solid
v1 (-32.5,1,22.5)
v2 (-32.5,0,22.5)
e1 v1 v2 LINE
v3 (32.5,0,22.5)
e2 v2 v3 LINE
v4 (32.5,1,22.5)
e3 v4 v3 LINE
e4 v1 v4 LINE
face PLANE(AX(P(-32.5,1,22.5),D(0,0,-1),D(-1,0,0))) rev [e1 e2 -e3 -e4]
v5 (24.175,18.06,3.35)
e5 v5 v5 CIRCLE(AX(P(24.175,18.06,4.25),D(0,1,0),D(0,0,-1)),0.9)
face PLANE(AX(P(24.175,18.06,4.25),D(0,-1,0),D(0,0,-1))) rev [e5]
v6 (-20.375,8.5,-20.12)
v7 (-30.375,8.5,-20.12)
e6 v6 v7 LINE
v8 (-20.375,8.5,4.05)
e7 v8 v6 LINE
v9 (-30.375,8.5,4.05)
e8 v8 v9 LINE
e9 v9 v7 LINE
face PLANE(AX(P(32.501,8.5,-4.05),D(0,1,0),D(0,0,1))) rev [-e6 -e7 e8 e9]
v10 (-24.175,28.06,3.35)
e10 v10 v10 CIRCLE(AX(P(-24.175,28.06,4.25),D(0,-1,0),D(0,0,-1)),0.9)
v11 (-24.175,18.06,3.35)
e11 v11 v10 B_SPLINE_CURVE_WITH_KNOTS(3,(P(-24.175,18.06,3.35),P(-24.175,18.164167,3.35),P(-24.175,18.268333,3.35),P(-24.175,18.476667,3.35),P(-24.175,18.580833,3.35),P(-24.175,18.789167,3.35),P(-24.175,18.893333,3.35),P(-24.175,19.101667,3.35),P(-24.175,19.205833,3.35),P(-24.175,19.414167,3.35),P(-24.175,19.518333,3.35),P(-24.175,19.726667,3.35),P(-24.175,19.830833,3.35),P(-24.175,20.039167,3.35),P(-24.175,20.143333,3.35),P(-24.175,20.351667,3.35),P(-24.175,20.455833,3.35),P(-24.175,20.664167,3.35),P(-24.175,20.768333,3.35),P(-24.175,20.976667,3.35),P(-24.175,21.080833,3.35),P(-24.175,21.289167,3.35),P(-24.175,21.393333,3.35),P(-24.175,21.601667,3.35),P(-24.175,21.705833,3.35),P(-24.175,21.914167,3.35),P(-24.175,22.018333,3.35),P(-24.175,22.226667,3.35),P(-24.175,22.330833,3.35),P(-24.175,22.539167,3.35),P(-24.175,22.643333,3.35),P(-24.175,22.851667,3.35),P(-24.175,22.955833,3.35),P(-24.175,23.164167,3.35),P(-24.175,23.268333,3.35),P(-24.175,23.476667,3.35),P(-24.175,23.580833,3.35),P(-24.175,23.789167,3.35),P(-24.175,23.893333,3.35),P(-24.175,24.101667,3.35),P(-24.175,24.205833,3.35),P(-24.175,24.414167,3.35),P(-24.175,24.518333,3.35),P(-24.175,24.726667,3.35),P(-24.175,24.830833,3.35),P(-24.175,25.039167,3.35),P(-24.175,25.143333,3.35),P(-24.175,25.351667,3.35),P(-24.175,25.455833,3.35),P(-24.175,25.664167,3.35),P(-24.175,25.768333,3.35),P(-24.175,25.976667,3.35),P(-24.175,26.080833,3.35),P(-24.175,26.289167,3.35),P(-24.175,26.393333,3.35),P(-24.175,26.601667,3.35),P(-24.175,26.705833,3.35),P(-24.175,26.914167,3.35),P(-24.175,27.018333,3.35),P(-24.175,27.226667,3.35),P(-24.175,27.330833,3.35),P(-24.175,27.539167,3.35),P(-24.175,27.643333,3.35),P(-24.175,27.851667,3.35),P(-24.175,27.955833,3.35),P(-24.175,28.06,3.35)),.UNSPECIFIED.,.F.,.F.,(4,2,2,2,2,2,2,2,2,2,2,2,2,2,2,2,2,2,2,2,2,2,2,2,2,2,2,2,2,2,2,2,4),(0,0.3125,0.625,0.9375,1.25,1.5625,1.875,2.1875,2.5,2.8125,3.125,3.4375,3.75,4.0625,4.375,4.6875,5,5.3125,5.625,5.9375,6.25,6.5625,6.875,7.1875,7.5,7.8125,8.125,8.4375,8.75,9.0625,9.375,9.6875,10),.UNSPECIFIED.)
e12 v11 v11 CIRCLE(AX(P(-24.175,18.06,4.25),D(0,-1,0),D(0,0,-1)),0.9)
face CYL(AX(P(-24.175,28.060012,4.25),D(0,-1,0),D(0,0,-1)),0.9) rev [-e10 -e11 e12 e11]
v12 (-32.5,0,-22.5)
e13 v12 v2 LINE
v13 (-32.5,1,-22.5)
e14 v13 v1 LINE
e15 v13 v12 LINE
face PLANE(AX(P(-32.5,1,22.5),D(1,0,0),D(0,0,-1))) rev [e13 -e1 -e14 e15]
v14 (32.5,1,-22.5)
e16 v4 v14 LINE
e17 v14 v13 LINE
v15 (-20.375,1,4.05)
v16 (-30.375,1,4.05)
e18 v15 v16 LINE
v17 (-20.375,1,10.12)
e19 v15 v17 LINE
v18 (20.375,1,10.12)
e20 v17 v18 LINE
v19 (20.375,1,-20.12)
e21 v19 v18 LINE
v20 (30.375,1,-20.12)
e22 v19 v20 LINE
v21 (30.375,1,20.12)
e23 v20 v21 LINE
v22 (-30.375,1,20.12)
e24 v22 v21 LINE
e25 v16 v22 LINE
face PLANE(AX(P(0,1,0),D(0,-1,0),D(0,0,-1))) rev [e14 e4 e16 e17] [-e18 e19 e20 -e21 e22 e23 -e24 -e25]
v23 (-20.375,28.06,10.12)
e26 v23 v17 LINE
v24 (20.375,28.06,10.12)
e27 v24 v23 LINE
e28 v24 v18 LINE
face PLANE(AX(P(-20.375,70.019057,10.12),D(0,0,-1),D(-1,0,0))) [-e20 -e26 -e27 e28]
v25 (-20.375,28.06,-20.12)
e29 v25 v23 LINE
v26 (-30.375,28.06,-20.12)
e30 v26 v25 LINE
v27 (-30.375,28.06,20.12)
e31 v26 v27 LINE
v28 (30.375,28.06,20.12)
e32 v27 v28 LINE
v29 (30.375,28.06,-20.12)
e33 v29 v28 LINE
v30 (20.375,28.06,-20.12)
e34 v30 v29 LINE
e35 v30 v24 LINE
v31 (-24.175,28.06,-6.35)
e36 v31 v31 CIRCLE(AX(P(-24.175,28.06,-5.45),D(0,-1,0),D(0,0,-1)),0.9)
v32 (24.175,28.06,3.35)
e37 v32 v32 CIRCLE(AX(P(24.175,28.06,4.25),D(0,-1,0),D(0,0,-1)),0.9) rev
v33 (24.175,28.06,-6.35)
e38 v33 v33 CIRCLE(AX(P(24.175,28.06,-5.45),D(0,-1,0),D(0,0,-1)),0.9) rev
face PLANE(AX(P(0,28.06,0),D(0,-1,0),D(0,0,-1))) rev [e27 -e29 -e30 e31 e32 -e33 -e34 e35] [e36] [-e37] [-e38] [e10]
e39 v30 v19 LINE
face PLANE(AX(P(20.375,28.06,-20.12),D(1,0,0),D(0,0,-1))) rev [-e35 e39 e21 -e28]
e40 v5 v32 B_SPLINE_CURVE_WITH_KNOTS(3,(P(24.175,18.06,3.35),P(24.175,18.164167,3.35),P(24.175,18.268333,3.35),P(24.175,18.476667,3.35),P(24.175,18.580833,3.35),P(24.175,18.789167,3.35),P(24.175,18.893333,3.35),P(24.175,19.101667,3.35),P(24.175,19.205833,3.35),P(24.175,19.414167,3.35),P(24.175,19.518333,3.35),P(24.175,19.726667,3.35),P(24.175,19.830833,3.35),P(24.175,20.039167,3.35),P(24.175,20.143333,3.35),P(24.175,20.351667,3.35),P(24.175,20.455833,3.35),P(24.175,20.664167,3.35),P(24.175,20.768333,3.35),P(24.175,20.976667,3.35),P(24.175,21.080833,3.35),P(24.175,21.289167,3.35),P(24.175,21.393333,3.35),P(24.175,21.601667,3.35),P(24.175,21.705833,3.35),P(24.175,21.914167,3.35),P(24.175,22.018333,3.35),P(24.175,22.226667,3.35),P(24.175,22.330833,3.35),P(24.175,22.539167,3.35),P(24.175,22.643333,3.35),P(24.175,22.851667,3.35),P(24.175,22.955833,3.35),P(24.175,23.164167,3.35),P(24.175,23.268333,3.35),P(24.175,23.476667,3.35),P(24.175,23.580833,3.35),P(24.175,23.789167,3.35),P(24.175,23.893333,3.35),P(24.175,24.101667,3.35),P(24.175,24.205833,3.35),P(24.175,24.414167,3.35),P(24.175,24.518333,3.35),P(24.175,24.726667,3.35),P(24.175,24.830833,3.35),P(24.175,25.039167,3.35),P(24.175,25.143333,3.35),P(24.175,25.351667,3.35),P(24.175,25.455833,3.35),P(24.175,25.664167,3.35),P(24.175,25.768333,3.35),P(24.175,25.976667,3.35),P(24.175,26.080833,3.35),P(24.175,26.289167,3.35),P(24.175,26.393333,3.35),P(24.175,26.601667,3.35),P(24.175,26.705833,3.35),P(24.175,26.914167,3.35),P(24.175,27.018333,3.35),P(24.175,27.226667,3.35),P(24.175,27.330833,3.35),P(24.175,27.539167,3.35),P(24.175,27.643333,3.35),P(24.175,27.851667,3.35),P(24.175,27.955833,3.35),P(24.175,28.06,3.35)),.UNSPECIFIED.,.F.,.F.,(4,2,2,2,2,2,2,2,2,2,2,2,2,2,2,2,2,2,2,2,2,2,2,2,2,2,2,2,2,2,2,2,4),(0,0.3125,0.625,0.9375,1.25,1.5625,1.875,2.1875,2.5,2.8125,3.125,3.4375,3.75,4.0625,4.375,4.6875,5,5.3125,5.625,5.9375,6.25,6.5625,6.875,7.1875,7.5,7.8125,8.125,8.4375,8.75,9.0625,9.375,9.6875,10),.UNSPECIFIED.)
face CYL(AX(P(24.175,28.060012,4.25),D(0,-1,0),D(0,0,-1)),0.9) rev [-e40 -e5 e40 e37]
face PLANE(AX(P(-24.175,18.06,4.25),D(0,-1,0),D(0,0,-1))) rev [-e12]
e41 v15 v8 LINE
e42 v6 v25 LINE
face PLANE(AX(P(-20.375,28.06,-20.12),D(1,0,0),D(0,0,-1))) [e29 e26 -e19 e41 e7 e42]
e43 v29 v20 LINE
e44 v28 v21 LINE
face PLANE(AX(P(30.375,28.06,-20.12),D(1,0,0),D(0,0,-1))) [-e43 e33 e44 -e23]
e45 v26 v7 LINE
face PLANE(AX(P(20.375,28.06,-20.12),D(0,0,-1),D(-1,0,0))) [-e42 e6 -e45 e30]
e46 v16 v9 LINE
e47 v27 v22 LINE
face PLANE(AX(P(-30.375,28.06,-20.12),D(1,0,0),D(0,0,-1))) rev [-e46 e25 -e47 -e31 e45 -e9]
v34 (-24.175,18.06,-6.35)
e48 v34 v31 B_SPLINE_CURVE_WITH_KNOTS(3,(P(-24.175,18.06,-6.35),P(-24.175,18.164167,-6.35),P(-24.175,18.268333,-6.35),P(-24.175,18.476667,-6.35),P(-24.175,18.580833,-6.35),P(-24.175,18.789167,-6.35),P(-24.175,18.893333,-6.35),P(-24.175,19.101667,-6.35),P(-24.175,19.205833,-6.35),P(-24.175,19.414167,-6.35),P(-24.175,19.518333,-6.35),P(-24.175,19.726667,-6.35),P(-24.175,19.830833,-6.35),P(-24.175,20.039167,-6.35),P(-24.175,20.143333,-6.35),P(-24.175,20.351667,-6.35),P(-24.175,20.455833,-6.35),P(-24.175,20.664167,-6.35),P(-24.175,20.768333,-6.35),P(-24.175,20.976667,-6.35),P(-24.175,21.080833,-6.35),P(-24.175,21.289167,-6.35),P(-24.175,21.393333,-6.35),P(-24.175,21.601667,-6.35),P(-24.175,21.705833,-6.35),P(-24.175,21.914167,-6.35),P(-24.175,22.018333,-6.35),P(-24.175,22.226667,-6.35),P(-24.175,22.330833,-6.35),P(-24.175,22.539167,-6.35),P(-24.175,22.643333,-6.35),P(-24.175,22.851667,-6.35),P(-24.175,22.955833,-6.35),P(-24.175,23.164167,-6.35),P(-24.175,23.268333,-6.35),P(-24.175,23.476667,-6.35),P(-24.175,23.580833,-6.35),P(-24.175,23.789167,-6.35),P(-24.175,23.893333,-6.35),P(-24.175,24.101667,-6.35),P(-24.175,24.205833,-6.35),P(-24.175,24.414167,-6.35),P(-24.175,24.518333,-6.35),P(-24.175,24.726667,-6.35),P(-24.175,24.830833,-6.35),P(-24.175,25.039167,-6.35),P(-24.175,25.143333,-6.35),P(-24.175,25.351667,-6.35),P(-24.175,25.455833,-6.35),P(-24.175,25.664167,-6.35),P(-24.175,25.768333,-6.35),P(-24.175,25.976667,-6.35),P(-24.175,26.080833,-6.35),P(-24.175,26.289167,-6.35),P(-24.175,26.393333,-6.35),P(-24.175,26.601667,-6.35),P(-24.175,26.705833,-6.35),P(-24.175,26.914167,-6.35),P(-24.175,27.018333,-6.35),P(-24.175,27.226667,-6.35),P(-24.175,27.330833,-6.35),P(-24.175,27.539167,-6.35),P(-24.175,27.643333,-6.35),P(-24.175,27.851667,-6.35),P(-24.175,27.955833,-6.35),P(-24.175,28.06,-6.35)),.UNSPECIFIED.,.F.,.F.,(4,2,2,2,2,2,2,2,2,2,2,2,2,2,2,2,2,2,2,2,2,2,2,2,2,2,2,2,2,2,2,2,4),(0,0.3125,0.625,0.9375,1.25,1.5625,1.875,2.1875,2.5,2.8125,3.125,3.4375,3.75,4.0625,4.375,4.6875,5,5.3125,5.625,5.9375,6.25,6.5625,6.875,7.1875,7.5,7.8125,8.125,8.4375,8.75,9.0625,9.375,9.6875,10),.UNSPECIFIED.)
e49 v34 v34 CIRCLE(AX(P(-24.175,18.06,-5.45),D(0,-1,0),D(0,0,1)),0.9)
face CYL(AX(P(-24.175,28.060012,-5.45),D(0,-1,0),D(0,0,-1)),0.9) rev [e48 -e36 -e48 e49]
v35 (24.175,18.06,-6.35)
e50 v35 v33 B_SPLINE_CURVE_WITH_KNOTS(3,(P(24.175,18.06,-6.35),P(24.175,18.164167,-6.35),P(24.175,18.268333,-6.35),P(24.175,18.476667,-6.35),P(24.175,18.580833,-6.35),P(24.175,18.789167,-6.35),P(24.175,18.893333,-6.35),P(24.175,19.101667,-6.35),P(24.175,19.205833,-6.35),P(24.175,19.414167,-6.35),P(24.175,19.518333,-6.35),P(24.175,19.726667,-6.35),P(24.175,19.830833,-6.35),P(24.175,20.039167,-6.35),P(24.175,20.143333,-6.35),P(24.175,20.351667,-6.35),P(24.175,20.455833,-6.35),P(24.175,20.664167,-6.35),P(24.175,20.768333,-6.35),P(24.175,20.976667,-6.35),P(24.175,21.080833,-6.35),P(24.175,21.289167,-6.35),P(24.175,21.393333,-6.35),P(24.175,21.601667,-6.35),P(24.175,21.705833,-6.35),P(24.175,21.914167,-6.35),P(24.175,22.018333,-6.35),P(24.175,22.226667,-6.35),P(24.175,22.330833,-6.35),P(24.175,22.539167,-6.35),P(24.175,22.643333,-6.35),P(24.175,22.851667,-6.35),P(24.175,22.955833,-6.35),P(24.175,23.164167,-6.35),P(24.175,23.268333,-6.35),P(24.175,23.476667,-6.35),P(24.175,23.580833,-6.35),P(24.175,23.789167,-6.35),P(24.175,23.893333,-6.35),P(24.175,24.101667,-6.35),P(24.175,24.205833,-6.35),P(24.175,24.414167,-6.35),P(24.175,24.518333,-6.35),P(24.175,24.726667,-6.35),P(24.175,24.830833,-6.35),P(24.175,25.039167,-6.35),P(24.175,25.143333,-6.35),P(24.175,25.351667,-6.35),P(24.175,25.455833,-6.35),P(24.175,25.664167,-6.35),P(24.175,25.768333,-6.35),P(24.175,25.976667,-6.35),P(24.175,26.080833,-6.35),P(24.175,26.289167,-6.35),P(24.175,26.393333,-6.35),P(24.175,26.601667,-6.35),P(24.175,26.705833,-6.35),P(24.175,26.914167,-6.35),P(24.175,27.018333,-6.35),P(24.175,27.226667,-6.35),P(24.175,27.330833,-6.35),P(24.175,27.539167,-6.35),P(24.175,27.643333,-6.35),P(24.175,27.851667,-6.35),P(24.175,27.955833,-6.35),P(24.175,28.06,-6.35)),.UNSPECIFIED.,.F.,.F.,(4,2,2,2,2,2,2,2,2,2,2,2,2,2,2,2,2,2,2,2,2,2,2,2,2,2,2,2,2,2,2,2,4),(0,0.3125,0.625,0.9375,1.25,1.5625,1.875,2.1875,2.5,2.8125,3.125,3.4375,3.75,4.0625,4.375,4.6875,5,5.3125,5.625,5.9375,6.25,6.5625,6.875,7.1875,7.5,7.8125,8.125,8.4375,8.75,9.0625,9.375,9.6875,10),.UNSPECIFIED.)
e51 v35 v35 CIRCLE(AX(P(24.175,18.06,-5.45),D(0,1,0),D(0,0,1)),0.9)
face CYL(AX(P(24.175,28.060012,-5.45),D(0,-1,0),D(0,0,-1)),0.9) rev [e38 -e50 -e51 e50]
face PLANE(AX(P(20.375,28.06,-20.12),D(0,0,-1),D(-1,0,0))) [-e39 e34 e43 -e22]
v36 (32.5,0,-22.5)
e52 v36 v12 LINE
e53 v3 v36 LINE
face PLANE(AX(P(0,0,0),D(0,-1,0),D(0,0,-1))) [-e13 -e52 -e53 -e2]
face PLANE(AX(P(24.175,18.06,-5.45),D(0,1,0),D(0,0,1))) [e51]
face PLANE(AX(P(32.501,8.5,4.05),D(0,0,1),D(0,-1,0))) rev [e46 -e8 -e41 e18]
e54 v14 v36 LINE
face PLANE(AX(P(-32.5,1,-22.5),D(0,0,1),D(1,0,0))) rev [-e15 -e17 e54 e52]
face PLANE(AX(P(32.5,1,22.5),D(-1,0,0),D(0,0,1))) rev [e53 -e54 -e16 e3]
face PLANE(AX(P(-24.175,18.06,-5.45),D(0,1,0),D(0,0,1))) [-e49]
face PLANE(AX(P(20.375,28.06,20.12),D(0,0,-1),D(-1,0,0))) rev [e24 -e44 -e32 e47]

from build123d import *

# Parameters (mm, degrees)
SKETCH1_W           = 65
SKETCH1_H           = 45
BOSS_EXTRUDE1_DEPTH = 1
SKETCH2_W           = 10
SKETCH2_H           = 40.24
BOSS_EXTRUDE2_DEPTH = 27.06
CUT_EXTRUDE1_START  = -10
SKETCH3_R           = 0.9
CUT_EXTRUDE1_DEPTH  = 59.475391695
CUT_EXTRUDE2_REACH  = 74.435
SKETCH4_W           = 8.1
SKETCH4_H           = 7.5
SKETCH5_W           = 40.75
SKETCH5_H           = 10
BOSS_EXTRUDE3_DEPTH = 27.06
SKETCH6_W           = 16.07
SKETCH6_H           = 7.5
CUT_EXTRUDE3_DEPTH  = 50.75
SKETCH7_W           = 40.75
SKETCH7_H           = 10
CUT_EXTRUDE4_DEPTH  = 27.06


with BuildPart() as part:
    # Sketch1 → Boss-Extrude1 (new body)
    with BuildSketch(Plane(origin=(0, 0, 0), x_dir=(1, 0, 0), z_dir=(0, 1, 0))):
        Rectangle(SKETCH1_W, SKETCH1_H)
    extrude(amount=BOSS_EXTRUDE1_DEPTH)

    # Sketch2 → Boss-Extrude2 (add)
    with BuildSketch(Plane(origin=(0, 1, 0), x_dir=(1, 0, 0), z_dir=(0, 1, 0))):
        with Locations((25.375, 0)):
            Rectangle(SKETCH2_W, SKETCH2_H)
    boss_extrude2 = extrude(amount=BOSS_EXTRUDE2_DEPTH)

    # Sketch3 → Cut-Extrude1 (cut)
    with BuildSketch(Plane(origin=(0, 28.06, 0), x_dir=(1, 0, 0), z_dir=(0, 1, 0)).offset(CUT_EXTRUDE1_START)):
        with Locations(Location((24.175, 5.45, 0), (0, 0, 90))):
            Circle(SKETCH3_R)
        with Locations(Location((24.175, -4.25, 0), (0, 0, 90))):
            Circle(SKETCH3_R)
    cut_extrude1 = extrude(amount=CUT_EXTRUDE1_DEPTH, mode=Mode.SUBTRACT)

    # Mirror3: Boss-Extrude2, Cut-Extrude1 across plane
    add(boss_extrude2.mirror(Plane(origin=(0, 0, 0), x_dir=(0, 0, 1), z_dir=(1, 0, 0))))
    add(cut_extrude1.mirror(Plane(origin=(0, 0, 0), x_dir=(0, 0, 1), z_dir=(1, 0, 0))), mode=Mode.SUBTRACT)

    # Sketch4 → Cut-Extrude2 (cut, up to next)
    with BuildSketch(Plane.ZY.offset(30.375), mode=Mode.PRIVATE) as cut_extrude2_sk1:
        with Locations((0, 4.75)):
            Rectangle(SKETCH4_W, SKETCH4_H)
    cut_extrude2_tool1 = extrude(cut_extrude2_sk1.sketch, amount=-CUT_EXTRUDE2_REACH, mode=Mode.PRIVATE) & part.part
    add(cut_extrude2_tool1.solids().sort_by_distance((-30.375, 4.75, 0))[0], mode=Mode.SUBTRACT)

    # Sketch5 → Boss-Extrude3 (add)
    with BuildSketch(Plane(origin=(0, 1, 0), x_dir=(1, 0, 0), z_dir=(0, 1, 0))):
        with Locations((0, 15.12)):
            Rectangle(SKETCH5_W, SKETCH5_H)
    boss_extrude3 = extrude(amount=BOSS_EXTRUDE3_DEPTH)

    # Mirror4: Boss-Extrude3 across plane
    add(boss_extrude3.mirror(Plane.XY))

    # Sketch6 → Cut-Extrude3 (cut)
    with BuildSketch(Plane.ZY.offset(30.375)):
        with Locations((-12.085, 4.75)):
            Rectangle(SKETCH6_W, SKETCH6_H)
    extrude(amount=-CUT_EXTRUDE3_DEPTH, mode=Mode.SUBTRACT)

    # Sketch7 → Cut-Extrude4 (cut)
    with BuildSketch(Plane(origin=(0, 28.06, 0), x_dir=(1, 0, 0), z_dir=(0, 1, 0))):
        with Locations((0, 15.12)):
            Rectangle(SKETCH7_W, SKETCH7_H)
    extrude(amount=-CUT_EXTRUDE4_DEPTH, mode=Mode.SUBTRACT)


solid = part.part
